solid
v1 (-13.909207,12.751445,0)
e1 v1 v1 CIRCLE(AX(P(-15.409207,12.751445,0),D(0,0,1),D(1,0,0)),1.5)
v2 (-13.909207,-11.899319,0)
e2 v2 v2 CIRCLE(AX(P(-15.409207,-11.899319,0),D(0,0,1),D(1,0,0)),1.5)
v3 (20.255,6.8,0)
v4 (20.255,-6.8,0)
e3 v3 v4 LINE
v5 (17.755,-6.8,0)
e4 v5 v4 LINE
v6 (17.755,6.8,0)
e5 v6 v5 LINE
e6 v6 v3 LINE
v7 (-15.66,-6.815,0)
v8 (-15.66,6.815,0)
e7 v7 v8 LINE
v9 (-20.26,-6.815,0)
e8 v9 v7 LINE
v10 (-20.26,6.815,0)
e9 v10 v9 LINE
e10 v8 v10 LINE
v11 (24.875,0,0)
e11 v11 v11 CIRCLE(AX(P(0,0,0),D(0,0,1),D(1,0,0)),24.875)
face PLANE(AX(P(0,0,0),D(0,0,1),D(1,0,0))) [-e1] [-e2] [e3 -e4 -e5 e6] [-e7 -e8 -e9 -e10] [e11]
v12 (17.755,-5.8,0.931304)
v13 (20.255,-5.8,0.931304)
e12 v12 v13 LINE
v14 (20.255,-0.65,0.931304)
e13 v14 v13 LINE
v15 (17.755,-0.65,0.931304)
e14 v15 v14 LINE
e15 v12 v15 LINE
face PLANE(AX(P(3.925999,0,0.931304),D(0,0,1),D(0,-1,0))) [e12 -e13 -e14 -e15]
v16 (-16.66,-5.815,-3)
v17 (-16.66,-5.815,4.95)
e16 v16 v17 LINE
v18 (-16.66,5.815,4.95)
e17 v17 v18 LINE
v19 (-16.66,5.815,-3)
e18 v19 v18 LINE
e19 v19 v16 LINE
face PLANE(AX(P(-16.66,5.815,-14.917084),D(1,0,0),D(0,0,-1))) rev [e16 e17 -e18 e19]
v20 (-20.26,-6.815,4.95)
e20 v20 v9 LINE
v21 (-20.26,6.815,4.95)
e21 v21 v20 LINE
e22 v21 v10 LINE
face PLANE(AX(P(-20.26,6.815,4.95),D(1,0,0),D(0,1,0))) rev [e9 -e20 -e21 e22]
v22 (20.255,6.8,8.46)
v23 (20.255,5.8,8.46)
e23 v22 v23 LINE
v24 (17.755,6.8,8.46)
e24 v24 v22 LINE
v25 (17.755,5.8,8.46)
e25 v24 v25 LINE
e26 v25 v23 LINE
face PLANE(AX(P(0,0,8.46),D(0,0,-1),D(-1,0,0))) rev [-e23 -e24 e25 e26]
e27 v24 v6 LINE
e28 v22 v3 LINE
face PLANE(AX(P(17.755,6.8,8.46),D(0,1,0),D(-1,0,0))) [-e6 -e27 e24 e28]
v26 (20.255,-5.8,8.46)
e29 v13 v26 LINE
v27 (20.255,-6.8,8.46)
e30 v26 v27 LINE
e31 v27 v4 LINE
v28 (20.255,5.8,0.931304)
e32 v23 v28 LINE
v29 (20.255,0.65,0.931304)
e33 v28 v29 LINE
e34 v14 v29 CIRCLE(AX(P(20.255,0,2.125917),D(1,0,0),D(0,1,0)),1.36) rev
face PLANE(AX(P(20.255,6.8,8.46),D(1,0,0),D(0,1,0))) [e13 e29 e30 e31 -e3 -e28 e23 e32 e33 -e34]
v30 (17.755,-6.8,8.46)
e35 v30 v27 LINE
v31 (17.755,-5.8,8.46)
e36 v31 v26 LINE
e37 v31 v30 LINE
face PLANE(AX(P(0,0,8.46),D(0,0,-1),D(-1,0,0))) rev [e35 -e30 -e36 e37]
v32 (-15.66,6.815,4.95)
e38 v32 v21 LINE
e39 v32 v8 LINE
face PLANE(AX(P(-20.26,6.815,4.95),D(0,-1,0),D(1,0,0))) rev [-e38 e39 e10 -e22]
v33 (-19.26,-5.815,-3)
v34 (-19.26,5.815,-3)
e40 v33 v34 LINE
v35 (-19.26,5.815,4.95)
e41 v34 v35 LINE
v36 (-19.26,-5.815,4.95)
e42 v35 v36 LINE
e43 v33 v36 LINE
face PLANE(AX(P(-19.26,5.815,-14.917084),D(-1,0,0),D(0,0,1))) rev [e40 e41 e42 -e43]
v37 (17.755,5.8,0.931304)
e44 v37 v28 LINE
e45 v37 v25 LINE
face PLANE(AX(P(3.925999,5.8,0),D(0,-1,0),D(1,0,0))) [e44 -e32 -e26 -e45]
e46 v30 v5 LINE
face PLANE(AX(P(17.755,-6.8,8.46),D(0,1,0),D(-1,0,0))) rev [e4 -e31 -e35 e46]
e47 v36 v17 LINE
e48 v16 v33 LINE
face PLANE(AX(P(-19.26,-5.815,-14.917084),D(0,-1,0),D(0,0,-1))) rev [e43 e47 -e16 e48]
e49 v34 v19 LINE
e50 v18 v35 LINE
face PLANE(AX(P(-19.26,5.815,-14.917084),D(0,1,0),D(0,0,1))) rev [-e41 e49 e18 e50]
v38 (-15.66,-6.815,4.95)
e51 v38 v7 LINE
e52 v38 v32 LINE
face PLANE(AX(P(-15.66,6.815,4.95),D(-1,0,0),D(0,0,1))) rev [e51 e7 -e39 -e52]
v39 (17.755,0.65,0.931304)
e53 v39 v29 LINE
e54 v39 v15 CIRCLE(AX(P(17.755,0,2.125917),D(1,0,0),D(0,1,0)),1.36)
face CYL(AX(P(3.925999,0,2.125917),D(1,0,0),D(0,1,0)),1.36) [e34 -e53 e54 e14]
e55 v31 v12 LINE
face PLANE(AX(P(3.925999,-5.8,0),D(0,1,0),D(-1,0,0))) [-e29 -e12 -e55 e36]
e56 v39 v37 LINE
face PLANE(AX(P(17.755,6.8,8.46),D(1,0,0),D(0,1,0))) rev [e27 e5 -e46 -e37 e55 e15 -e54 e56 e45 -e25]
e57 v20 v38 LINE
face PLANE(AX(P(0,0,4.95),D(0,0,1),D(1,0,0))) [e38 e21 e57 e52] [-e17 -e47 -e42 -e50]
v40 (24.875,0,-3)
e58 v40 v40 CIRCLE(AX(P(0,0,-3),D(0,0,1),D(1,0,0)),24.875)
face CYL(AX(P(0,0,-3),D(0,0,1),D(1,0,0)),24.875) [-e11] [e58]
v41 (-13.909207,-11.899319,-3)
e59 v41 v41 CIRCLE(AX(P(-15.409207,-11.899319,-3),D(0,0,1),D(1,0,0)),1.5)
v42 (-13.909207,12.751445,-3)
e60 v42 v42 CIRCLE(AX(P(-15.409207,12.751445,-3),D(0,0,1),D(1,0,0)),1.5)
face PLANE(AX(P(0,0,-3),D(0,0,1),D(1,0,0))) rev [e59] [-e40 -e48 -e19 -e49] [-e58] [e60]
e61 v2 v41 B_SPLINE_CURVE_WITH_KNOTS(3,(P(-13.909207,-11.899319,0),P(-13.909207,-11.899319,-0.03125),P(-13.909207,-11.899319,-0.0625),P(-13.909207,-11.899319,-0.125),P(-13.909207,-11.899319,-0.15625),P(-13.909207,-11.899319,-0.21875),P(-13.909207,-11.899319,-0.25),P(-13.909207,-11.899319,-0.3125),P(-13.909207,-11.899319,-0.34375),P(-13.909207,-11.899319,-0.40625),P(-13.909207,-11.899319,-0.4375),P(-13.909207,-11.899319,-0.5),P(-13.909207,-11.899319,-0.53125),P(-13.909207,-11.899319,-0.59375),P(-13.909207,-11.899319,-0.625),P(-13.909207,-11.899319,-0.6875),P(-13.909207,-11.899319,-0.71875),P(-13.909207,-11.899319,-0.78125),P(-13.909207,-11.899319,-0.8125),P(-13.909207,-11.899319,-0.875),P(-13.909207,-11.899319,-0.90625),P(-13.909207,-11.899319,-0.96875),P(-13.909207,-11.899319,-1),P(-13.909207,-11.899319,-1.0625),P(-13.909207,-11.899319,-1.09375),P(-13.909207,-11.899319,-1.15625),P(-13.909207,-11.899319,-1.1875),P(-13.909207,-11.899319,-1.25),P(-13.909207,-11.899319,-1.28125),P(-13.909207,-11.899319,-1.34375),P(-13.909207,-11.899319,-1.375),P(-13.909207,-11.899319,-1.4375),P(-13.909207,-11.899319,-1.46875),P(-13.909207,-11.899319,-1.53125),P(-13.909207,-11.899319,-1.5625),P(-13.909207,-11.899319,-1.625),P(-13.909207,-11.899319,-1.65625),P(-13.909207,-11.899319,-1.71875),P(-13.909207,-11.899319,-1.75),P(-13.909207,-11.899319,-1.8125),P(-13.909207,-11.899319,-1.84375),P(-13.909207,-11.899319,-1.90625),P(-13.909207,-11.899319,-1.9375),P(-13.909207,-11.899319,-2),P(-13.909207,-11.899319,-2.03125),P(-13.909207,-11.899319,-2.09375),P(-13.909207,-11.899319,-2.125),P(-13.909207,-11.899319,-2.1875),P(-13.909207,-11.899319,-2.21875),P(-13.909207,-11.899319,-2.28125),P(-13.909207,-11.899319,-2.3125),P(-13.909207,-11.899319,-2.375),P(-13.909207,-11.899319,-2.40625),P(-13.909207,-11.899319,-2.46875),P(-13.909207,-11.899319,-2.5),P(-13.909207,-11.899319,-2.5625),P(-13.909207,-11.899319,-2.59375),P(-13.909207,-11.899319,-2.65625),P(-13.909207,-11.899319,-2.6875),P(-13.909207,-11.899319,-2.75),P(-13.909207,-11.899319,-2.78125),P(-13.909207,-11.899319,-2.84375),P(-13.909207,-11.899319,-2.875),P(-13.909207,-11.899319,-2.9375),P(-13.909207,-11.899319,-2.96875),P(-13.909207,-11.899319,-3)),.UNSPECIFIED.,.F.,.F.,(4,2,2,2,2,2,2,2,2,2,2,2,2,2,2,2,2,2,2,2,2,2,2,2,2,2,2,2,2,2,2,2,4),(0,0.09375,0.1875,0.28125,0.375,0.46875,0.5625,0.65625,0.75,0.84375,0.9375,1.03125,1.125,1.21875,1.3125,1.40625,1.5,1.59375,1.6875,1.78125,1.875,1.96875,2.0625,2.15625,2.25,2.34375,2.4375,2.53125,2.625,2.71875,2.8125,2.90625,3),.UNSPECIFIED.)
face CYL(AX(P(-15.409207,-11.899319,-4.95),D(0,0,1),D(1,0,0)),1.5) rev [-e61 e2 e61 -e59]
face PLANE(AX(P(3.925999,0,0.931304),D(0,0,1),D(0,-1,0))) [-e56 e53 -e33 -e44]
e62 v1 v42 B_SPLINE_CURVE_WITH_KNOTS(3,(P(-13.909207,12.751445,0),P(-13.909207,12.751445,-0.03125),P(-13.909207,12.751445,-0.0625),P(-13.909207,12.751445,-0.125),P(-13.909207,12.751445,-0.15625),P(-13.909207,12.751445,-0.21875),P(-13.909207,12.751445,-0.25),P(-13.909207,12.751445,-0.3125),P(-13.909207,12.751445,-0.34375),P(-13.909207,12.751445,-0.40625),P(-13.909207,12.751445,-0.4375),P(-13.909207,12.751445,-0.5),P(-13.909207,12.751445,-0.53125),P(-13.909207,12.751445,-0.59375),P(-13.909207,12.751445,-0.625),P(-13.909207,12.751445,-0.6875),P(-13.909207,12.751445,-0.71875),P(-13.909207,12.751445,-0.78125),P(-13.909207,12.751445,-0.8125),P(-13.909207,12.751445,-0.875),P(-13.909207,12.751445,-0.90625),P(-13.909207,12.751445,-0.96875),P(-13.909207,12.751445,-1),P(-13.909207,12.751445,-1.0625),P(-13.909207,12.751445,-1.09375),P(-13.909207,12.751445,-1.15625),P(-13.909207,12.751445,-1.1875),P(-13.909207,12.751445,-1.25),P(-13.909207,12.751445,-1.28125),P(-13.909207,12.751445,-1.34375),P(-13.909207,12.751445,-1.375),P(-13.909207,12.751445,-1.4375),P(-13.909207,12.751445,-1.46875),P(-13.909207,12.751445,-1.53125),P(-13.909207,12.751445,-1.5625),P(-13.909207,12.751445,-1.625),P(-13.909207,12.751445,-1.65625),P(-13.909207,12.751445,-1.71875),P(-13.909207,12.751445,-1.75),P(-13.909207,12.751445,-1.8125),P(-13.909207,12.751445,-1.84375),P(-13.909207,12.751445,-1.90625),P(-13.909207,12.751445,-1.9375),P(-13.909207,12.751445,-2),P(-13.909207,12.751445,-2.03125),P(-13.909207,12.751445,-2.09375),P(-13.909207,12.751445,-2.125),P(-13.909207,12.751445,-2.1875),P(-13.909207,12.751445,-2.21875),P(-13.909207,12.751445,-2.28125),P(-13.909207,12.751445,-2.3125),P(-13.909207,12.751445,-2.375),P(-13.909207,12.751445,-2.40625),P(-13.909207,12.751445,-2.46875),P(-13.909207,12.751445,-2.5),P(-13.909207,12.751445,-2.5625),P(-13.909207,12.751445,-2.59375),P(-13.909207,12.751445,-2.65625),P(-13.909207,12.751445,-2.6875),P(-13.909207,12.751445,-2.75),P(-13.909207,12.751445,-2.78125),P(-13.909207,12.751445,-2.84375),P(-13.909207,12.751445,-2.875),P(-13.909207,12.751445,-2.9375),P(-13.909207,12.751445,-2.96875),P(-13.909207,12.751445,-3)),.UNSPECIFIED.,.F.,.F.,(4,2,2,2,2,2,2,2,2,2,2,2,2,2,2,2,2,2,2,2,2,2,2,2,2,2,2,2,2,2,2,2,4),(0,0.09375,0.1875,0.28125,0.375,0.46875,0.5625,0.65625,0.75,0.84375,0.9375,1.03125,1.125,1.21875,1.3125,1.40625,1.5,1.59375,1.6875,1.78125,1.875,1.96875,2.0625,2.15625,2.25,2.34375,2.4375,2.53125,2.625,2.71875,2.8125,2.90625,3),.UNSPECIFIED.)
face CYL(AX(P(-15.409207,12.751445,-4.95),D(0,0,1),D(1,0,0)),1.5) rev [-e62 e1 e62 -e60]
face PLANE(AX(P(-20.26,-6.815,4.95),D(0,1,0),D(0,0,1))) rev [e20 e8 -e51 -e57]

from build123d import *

# Parameters (mm, degrees)
SKETCH1_R           = 24.875
BOSS_EXTRUDE2_DEPTH = 3
SKETCH1_4_W         = 2.5
SKETCH1_4_H         = 13.6
BOSS_EXTRUDE3_DEPTH = 8.46
CUT_EXTRUDE1_DEPTH  = 2.5
SKETCH5_W           = 4.6
SKETCH5_H           = 13.63
BOSS_EXTRUDE4_DEPTH = 4.95
SKETCH9_W           = 2.6
SKETCH9_H           = 11.63
CUT_EXTRUDE2_DEPTH  = 7.95
SKETCH10_R          = 1.5
CUT_EXTRUDE3_DEPTH  = 4.95


with BuildPart() as part:
    # Sketch1 → Boss-Extrude2 (new body)
    with BuildSketch(Plane.XY):
        Circle(SKETCH1_R)
    extrude(amount=-BOSS_EXTRUDE2_DEPTH)

    # Sketch1<4> → Boss-Extrude3 (add)
    with BuildSketch(Plane.XY):
        with Locations((19.005, 0)):
            Rectangle(SKETCH1_4_W, SKETCH1_4_H)
    extrude(amount=BOSS_EXTRUDE3_DEPTH)

    # Sketch4 → Cut-Extrude1 (cut)
    with BuildSketch(Plane(origin=(20.255, 0, 0), x_dir=(0, 0, -1), z_dir=(1, 0, 0))):
        with BuildLine():
            ThreePointArc((-0.931303911, -0.65), (-3.48591682, 0), (-0.931303911, 0.65))
            Line((-0.931303911, 0.65), (-0.931303911, 5.8))
            Line((-0.931303911, 5.8), (-8.46, 5.8))
            Line((-8.46, 5.8), (-8.46, -5.8))
            Line((-8.46, -5.8), (-0.931303911, -5.8))
            Line((-0.931303911, -5.8), (-0.931303911, -0.65))
        make_face()
    extrude(amount=-CUT_EXTRUDE1_DEPTH, mode=Mode.SUBTRACT)

    # Sketch5 → Boss-Extrude4 (add)
    with BuildSketch(Plane.XY):
        with Locations((-17.96, 0)):
            Rectangle(SKETCH5_W, SKETCH5_H)
    extrude(amount=BOSS_EXTRUDE4_DEPTH)

    # Sketch9 → Cut-Extrude2 (cut)
    with BuildSketch(Plane.XY.offset(4.95)):
        with Locations((-17.96, 0)):
            Rectangle(SKETCH9_W, SKETCH9_H)
    extrude(amount=-CUT_EXTRUDE2_DEPTH, mode=Mode.SUBTRACT)

    # Sketch10 → Cut-Extrude3 (cut)
    with BuildSketch(Plane.XY):
        with Locations((-15.409206931, 12.75144494)):
            Circle(SKETCH10_R)
        with Locations((-15.409206931, -11.899319199)):
            Circle(SKETCH10_R)
    extrude(amount=-CUT_EXTRUDE3_DEPTH, mode=Mode.SUBTRACT)


solid = part.part
